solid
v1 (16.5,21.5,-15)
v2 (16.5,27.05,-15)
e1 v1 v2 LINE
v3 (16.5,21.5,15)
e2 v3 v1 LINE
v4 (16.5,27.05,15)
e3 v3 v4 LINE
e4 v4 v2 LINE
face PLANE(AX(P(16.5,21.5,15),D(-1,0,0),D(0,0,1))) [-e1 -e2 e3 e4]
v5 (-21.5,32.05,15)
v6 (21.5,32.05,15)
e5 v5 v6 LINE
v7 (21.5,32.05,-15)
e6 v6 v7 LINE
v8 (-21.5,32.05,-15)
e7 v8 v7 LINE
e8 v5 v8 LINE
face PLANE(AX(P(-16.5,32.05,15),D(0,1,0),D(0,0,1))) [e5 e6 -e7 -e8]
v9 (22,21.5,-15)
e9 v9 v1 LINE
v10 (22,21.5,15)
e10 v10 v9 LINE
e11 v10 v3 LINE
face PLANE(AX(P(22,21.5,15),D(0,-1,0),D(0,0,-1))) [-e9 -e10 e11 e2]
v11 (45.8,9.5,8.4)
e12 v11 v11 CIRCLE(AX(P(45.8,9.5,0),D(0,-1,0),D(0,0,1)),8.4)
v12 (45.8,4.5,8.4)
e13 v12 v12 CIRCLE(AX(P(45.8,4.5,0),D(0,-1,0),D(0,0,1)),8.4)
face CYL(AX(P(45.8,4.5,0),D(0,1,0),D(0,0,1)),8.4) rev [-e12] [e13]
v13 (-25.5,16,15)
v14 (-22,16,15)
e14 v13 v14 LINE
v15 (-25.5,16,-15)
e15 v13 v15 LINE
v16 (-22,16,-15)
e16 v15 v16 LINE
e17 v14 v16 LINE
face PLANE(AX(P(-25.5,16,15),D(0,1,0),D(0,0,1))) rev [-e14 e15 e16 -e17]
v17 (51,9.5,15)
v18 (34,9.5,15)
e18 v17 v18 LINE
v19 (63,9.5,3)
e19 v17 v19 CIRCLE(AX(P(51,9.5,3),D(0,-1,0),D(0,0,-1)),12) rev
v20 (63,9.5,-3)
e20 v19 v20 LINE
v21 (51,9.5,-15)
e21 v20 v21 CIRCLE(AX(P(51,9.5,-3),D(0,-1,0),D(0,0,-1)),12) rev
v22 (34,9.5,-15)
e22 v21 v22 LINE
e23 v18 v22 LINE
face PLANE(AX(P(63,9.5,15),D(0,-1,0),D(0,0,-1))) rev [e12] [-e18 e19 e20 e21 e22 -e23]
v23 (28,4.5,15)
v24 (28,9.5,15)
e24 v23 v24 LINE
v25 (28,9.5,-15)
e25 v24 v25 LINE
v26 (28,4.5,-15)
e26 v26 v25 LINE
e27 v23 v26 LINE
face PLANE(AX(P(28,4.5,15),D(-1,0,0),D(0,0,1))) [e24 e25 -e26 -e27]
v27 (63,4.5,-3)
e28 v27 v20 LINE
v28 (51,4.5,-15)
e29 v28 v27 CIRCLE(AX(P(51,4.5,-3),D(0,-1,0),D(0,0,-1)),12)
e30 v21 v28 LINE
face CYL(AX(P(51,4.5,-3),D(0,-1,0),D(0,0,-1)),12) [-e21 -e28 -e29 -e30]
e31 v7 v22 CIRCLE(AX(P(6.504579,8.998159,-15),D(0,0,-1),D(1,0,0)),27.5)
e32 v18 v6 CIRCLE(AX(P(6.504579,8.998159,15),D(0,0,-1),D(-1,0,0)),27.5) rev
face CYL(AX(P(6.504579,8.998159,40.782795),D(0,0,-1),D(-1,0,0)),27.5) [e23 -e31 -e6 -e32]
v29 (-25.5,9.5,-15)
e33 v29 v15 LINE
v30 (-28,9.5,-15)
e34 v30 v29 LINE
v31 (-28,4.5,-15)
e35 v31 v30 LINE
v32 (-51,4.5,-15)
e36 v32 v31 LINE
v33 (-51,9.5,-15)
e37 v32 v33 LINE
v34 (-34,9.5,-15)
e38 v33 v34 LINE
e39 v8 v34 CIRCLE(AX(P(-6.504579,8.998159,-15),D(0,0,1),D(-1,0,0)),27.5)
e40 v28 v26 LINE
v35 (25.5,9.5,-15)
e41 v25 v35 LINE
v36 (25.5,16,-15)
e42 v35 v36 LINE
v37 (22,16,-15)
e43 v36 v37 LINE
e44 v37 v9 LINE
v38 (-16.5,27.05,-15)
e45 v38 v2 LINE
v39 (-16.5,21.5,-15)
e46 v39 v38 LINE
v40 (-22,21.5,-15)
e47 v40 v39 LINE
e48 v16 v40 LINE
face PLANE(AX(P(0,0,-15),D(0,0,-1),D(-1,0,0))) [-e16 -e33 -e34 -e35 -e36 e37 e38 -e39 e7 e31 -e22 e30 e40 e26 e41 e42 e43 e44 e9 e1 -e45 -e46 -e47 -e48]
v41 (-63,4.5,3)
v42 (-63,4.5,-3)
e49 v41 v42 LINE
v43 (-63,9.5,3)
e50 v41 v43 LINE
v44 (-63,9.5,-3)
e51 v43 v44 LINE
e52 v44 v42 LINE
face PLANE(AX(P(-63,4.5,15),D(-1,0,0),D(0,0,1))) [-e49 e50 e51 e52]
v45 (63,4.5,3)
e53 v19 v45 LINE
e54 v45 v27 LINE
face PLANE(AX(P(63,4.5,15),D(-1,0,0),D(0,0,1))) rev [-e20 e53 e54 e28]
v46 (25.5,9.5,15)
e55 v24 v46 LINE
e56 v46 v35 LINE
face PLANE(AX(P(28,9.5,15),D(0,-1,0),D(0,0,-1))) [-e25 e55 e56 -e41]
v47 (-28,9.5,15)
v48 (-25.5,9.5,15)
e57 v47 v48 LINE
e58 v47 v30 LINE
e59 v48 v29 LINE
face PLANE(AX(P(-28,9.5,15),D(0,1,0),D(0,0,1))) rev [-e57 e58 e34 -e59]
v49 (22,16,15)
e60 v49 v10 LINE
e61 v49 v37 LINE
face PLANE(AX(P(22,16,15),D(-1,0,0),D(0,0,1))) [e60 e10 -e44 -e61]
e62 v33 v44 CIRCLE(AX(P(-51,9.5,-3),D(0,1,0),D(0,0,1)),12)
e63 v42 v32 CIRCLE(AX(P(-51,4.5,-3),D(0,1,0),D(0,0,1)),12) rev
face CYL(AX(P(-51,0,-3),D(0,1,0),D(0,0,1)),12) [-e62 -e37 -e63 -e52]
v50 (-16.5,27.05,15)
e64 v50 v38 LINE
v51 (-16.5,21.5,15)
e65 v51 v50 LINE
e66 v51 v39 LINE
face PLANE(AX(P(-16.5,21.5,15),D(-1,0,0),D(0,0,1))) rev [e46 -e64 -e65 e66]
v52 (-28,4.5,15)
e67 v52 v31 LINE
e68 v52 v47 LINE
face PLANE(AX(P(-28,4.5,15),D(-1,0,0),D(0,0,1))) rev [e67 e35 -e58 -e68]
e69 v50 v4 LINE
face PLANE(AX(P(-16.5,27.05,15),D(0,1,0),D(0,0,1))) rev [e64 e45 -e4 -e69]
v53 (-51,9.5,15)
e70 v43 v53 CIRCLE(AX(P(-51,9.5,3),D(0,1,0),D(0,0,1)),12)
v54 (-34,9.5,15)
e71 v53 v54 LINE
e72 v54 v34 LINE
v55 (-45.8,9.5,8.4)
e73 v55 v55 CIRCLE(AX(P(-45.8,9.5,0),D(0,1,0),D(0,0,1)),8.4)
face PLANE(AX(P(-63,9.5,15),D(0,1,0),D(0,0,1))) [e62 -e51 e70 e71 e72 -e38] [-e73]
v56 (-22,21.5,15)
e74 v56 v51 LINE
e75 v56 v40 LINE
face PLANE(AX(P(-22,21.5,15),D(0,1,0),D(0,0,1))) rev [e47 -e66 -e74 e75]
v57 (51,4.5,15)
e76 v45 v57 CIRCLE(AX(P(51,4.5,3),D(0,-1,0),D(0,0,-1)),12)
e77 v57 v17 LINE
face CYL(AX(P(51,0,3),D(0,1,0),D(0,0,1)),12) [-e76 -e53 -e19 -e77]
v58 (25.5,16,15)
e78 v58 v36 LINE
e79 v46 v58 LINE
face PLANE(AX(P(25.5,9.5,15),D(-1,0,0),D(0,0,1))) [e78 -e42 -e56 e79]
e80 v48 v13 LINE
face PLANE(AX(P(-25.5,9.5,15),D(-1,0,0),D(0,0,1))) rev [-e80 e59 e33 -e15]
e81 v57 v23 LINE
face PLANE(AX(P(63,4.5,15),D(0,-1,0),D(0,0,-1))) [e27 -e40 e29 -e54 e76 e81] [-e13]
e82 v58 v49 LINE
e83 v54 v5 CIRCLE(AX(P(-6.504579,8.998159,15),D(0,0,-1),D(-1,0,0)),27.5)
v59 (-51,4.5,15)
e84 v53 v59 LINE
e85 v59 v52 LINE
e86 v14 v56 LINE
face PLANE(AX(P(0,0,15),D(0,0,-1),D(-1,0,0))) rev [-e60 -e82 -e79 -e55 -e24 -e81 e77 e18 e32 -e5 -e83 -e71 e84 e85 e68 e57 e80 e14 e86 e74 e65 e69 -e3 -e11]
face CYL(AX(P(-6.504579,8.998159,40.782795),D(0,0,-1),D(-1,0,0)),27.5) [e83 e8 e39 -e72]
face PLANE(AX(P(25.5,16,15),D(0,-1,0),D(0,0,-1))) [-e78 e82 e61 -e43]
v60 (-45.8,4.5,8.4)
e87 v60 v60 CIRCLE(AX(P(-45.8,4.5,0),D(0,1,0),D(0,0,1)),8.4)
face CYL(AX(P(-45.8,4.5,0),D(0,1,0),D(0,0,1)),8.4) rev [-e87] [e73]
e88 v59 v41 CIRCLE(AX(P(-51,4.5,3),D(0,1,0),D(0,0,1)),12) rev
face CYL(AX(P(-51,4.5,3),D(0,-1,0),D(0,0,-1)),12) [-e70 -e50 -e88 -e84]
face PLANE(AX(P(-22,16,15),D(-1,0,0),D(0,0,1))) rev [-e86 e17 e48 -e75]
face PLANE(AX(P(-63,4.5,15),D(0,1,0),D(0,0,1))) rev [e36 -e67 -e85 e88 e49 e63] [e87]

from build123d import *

# Parameters (mm, degrees)
EXTRUDE_THIN1_DEPTH  = 15
SKETCH2_R            = 8.4
CUT_EXTRUDE1_DEPTH   = 69.574794932
FILLET1_R            = 12
FILLET1_OF_MIRROR1_R = 12
BOSS_EXTRUDE1_DEPTH  = 30


with BuildPart() as part:
    # Sketch1 → Extrude-Thin1 (new, symmetric)
    with BuildSketch(Plane.XY):
        Polygon((-63, 4.5), (-28, 4.5), (-28, 9.5), (-25.5, 9.5), (-25.5, 16), (-22, 16), (-22, 21.5), (-16.5, 21.5), (-16.5, 27.05), (0, 27.05), (0, 32.05), (-21.5, 32.05), (-21.5, 26.5), (-27, 26.5), (-27, 21), (-30.5, 21), (-30.5, 14.5), (-33, 14.5), (-33, 9.5), (-63, 9.5), align=None)
    extrude_thin1 = extrude(amount=EXTRUDE_THIN1_DEPTH, both=True)

    # Sketch2 → Cut-Extrude1 (cut, through all)
    with BuildSketch(Plane(origin=(0, 9.5, 0), x_dir=(1, 0, 0), z_dir=(0, 1, 0))):
        with Locations(Location((-45.8, 0, 0), (0, 0, 270))):
            Circle(SKETCH2_R)
    cut_extrude1 = extrude(amount=-CUT_EXTRUDE1_DEPTH, mode=Mode.SUBTRACT)

    # Fillet1
    fillet1_edges = [part.edges().sort_by_distance(p)[0] for p in [
        (-63, 7, -15),
        (-63, 7, 15),
    ]]
    fillet(fillet1_edges, radius=FILLET1_R)

    # Mirror1: Extrude-Thin1, Cut-Extrude1 across plane
    add(extrude_thin1.mirror(Plane(origin=(0, 32.05, 15), x_dir=(0, 0, 1), z_dir=(1, 0, 0))))
    add(cut_extrude1.mirror(Plane(origin=(0, 32.05, 15), x_dir=(0, 0, 1), z_dir=(1, 0, 0))), mode=Mode.SUBTRACT)

    # Fillet1 of Mirror1
    fillet1_of_mirror1_edges = [part.edges().sort_by_distance(p)[0] for p in [
        (63, 7, -15),
        (63, 7, 15),
    ]]
    fillet(fillet1_of_mirror1_edges, radius=FILLET1_OF_MIRROR1_R)

    # Sketch4 → Boss-Extrude1 (add)
    with BuildSketch(Plane(origin=(0, 0, -15), x_dir=(-1, 0, 0), z_dir=(0, 0, -1))):
        with BuildLine():
            Line((-34, 9.5), (-33, 9.5))
            Line((-33, 9.5), (-33, 14.5))
            Line((-33, 14.5), (-30.5, 14.5))
            Line((-30.5, 14.5), (-30.5, 21))
            Line((-30.5, 21), (-27, 21))
            Line((-27, 21), (-27, 26.5))
            Line((-27, 26.5), (-21.5, 26.5))
            Line((-21.5, 26.5), (-21.5, 32.05))
            ThreePointArc((-21.5, 32.05), (-30.55647166, 22.330693825), (-34, 9.5))
        make_face()
    boss_extrude1 = extrude(amount=-BOSS_EXTRUDE1_DEPTH)

    # Mirror2: Boss-Extrude1 across plane
    add(boss_extrude1.mirror(Plane(origin=(0, 0, 0), x_dir=(0, 0, 1), z_dir=(1, 0, 0))))


solid = part.part
